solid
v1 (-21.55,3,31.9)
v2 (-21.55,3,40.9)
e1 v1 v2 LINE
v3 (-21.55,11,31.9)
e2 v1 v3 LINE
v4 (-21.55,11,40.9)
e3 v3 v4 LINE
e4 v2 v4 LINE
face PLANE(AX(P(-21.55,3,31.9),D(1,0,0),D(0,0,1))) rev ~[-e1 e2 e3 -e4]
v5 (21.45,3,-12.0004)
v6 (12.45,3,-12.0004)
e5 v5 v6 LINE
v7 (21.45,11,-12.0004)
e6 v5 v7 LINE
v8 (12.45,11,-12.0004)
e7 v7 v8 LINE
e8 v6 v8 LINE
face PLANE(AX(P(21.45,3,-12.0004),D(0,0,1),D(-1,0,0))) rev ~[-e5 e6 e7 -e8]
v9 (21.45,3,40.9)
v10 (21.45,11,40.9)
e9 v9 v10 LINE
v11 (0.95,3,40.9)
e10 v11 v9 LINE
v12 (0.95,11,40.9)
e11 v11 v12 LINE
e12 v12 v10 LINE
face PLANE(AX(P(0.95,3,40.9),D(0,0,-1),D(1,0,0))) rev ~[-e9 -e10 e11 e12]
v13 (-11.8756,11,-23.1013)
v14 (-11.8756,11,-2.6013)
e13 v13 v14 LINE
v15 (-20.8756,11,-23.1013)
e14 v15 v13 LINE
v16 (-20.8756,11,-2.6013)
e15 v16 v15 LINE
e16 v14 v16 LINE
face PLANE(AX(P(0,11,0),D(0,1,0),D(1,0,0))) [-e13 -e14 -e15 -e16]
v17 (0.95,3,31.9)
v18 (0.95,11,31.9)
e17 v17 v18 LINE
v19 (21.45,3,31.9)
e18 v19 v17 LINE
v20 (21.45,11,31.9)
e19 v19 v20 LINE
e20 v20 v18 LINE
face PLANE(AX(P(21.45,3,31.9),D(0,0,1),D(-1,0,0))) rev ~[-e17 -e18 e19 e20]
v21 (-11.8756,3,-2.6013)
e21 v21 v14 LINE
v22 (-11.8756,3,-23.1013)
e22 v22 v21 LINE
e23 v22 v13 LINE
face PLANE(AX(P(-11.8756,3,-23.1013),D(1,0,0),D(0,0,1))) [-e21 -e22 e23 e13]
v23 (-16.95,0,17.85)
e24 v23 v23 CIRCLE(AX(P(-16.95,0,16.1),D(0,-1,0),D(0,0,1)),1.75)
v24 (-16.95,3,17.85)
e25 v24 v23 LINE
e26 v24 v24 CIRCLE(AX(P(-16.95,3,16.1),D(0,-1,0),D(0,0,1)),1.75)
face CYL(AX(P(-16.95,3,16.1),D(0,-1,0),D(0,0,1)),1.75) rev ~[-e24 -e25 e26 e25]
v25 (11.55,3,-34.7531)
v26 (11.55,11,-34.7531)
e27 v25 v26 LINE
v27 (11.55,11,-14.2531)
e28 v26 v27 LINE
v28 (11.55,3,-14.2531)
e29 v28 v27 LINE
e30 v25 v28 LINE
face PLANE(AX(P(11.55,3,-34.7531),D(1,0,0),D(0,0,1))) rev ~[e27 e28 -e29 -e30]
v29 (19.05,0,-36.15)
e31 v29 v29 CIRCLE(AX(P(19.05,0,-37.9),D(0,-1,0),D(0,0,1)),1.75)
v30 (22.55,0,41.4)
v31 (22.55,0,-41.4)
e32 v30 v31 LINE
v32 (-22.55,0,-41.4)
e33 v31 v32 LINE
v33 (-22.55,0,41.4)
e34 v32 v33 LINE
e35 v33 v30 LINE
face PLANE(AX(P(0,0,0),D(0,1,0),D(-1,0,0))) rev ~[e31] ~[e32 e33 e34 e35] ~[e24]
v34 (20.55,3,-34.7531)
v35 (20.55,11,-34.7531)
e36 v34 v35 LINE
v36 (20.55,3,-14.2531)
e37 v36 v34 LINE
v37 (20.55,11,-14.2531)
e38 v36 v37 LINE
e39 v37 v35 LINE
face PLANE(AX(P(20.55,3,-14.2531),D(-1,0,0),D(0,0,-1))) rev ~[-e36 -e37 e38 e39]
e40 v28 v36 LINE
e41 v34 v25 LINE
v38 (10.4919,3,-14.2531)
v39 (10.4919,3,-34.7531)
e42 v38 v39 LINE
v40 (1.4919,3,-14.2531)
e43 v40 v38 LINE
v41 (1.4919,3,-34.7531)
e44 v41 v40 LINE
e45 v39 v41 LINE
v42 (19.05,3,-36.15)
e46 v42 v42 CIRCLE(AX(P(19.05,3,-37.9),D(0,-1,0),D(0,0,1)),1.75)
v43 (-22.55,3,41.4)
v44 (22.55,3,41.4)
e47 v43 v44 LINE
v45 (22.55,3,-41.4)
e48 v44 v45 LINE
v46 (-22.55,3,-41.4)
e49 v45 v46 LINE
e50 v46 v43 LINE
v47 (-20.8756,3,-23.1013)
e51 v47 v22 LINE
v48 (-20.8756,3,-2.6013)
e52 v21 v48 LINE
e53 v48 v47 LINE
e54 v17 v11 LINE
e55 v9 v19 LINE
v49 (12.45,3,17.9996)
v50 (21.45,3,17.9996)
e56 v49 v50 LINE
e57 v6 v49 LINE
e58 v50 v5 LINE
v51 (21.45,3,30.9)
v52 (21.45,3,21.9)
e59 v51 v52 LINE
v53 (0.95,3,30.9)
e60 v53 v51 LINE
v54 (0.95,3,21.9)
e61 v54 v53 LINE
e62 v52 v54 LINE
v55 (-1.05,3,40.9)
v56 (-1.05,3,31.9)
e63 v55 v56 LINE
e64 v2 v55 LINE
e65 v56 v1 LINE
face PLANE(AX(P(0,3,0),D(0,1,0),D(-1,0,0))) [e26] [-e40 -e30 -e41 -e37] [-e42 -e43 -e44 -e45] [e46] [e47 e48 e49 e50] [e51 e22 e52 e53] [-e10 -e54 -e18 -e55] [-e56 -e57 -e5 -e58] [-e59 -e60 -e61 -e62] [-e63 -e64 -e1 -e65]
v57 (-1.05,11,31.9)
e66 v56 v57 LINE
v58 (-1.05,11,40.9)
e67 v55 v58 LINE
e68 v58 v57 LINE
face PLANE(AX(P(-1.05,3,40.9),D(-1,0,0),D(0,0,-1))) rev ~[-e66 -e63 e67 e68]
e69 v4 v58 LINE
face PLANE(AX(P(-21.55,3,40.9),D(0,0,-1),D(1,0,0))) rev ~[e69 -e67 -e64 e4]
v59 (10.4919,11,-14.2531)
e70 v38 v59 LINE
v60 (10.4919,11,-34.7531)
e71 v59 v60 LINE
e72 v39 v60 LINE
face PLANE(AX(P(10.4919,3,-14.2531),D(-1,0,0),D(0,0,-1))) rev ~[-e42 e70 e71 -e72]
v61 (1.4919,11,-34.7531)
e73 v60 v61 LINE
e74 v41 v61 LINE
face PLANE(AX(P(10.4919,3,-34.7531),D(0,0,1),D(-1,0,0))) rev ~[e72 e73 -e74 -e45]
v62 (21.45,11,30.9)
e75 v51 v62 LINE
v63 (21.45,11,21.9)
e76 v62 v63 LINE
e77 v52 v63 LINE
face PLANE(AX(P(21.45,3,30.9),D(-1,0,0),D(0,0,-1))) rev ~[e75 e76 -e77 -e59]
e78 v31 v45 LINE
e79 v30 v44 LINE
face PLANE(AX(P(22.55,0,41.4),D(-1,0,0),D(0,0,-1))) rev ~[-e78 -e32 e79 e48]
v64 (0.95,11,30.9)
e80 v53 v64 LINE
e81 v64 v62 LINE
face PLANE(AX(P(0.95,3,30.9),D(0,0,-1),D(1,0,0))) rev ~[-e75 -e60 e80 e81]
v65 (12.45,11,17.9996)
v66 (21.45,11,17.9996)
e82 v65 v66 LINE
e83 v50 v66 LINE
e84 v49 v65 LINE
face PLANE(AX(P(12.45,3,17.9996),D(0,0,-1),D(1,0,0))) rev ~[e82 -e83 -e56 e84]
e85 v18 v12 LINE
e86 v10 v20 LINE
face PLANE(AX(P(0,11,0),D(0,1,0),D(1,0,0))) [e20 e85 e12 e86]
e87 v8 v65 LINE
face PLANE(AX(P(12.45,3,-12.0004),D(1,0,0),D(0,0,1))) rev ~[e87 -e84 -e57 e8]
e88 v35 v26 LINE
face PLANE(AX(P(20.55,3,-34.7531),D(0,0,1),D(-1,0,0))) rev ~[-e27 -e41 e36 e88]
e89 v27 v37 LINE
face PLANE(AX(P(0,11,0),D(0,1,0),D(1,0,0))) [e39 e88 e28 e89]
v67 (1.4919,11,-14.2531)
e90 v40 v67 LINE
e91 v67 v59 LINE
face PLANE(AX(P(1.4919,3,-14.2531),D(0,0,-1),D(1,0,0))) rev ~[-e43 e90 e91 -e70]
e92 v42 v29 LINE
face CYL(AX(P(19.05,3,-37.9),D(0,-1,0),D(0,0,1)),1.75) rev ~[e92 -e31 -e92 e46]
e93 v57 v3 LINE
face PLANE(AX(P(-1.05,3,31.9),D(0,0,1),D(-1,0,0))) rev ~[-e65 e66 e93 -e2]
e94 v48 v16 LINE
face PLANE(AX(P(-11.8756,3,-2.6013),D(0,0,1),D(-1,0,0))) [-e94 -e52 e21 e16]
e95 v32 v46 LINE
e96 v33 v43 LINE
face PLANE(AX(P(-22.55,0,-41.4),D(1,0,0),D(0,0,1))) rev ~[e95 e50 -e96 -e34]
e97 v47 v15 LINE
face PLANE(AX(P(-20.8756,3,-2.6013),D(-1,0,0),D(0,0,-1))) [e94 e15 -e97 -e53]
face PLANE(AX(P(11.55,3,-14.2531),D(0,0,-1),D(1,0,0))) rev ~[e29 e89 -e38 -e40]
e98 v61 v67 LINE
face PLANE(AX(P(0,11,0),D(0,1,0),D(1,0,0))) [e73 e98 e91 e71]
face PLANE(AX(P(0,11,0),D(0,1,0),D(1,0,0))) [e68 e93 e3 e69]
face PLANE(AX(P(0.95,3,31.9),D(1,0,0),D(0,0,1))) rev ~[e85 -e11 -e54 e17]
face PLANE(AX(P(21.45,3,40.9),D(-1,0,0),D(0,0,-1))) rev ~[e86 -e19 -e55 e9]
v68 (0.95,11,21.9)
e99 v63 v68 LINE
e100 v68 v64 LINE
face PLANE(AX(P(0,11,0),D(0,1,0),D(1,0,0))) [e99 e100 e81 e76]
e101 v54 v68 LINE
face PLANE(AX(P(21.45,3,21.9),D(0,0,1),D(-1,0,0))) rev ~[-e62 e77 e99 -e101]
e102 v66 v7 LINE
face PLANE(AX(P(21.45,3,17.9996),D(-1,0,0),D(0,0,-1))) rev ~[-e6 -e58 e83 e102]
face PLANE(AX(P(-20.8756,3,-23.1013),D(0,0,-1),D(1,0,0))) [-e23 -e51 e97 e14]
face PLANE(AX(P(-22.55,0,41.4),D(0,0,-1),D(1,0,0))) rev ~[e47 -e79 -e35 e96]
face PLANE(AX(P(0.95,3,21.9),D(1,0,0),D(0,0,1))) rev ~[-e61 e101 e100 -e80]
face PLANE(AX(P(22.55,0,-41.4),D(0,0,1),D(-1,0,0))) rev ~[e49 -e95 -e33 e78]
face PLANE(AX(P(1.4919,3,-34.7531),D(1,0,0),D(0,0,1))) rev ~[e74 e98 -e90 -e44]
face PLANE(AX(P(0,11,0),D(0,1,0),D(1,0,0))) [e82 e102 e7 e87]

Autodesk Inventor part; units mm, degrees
ref_plane "YZ Plane" through (0, 0, 0) normal (1, 0, 0) x (0, 1, 0)
ref_plane "XZ Plane" through (0, 0, 0) normal (0, 1, 0) x (-1, 0, 0)
ref_plane "XY Plane" through (0, 0, 0) normal (0, 0, 1) x (1, 0, 0)
sketch "Szkic1" plane through (0, 0, 0) normal (0, 1, 0) x (-1, 0, 0)
  line L0 (-22.55, -41.4) -> (22.55, -41.4)
  line L1 (22.55, -41.4) -> (22.55, 41.4)
  line L2 (22.55, 41.4) -> (-22.55, 41.4)
  line L3 (-22.55, 41.4) -> (-22.55, -41.4)
  line L4 (-22.55, -41.4) -> (22.55, 41.4) construction
  line L5 (22.55, -41.4) -> (-22.55, 41.4) construction
  point P0 (0, 0)
  dimension "d0" = 45.1
  dimension "d1" = 82.8
extrude "Wyciągnięcie proste1" add sketch "Szkic1" along normal blind 3
sketch "Szkic2" plane through (0, 3, 0) normal (0, 1, 0) x (1, 0, 0)
  line L0 (22.55, 41.4) -> (-22.55, 41.4) projected
  line L1 (-22.55, 41.4) -> (-22.55, -41.4) projected
  line L2 (-22.55, -41.4) -> (22.55, -41.4) projected
  line L3 (22.55, -41.4) -> (22.55, 41.4) projected
  point P0 (0, 0)
  point P1 (-16.95, -16.1)
  point P2 (19.05, 37.9)
  dimension "d4" = 57.5
  dimension "d5" = 54
  dimension "d6" = 3.5
  dimension "d7" = 36
hole "Otwór1" at (-16.95, 3, 16.1) at (19.05, 3, -37.9) direction (0, -1, 0) diameter 3.5 end through all
sketch "Szkic3" plane through (0, 3, 0) normal (0, 1, 0) x (1, 0, 0)
  circle A0 centre (-16.95, -16.1) radius 1.75 projected
  circle A1 centre (19.05, 37.9) radius 1.75 projected
  line L0 (22.55, 41.4) -> (-22.55, 41.4) projected
  line L1 (-22.55, 41.4) -> (-22.55, -41.4) projected
  line L2 (-22.55, -41.4) -> (22.55, -41.4) projected
  line L3 (22.55, -41.4) -> (22.55, 41.4) projected
  line L4 (-21.55, -40.9) -> (-1.05, -40.9)
  line L5 (-1.05, -40.9) -> (-1.05, -31.9)
  line L6 (-1.05, -31.9) -> (-21.55, -31.9)
  line L7 (-21.55, -31.9) -> (-21.55, -40.9)
  line L8 (0.95, -40.9) -> (21.45, -40.9)
  line L9 (21.45, -40.9) -> (21.45, -31.9)
  line L10 (21.45, -31.9) -> (0.95, -31.9)
  line L11 (0.95, -31.9) -> (0.95, -40.9)
  line L12 (0.95, -30.9) -> (21.45, -30.9)
  line L13 (21.45, -30.9) -> (21.45, -21.9)
  line L14 (21.45, -21.9) -> (0.95, -21.9)
  line L15 (0.95, -21.9) -> (0.95, -30.9)
  line L16 (20.55, 34.7531) -> (11.55, 34.7531)
  line L17 (11.55, 34.7531) -> (11.55, 14.2531)
  line L18 (11.55, 14.2531) -> (20.55, 14.2531)
  line L19 (20.55, 14.2531) -> (20.55, 34.7531)
  line L20 (10.4919, 34.7531) -> (1.4919, 34.7531)
  line L21 (1.4919, 34.7531) -> (1.4919, 14.2531)
  line L22 (1.4919, 14.2531) -> (10.4919, 14.2531)
  line L23 (10.4919, 14.2531) -> (10.4919, 34.7531)
  line L24 (21.45, 12.0004) -> (12.45, 12.0004)
  line L25 (12.45, 12.0004) -> (12.45, -17.9996)
  line L26 (12.45, -17.9996) -> (21.45, -17.9996)
  line L27 (21.45, -17.9996) -> (21.45, 12.0004)
  line L28 (-20.8756, 23.1013) -> (-11.8756, 23.1013)
  line L29 (-11.8756, 23.1013) -> (-11.8756, 2.6013)
  line L30 (-11.8756, 2.6013) -> (-20.8756, 2.6013)
  line L31 (-20.8756, 2.6013) -> (-20.8756, 23.1013)
  point P0 (0, 0)
  dimension "d15" = 20.5
  dimension "d16" = 9
  dimension "d17" = 1
  dimension "d18" = 0.5
  dimension "d19" = 20.5
  dimension "d20" = 9
  dimension "d21" = 2
  dimension "d22" = 0.5
  dimension "d23" = 20.5
  dimension "d24" = 9
  dimension "d25" = 1
  dimension "d26" = 9
  dimension "d27" = 20.5
  dimension "d28" = 9
  dimension "d29" = 20.5
  dimension "d30" = 9
  dimension "d31" = 30
  dimension "d32" = 9
  dimension "d33" = 20.5
extrude "Wyciągnięcie proste2" add sketch "Szkic3" along normal blind 8 contours L7 L6 L5 L4 | L11 L10 L9 L8 | L15 L14 L13 L12 | L19 L18 L17 L16 | L23 L22 L21 L20 | L27 L26 L25 L24 | L28 L29 L30 L31
properties part number "RBC4242"
